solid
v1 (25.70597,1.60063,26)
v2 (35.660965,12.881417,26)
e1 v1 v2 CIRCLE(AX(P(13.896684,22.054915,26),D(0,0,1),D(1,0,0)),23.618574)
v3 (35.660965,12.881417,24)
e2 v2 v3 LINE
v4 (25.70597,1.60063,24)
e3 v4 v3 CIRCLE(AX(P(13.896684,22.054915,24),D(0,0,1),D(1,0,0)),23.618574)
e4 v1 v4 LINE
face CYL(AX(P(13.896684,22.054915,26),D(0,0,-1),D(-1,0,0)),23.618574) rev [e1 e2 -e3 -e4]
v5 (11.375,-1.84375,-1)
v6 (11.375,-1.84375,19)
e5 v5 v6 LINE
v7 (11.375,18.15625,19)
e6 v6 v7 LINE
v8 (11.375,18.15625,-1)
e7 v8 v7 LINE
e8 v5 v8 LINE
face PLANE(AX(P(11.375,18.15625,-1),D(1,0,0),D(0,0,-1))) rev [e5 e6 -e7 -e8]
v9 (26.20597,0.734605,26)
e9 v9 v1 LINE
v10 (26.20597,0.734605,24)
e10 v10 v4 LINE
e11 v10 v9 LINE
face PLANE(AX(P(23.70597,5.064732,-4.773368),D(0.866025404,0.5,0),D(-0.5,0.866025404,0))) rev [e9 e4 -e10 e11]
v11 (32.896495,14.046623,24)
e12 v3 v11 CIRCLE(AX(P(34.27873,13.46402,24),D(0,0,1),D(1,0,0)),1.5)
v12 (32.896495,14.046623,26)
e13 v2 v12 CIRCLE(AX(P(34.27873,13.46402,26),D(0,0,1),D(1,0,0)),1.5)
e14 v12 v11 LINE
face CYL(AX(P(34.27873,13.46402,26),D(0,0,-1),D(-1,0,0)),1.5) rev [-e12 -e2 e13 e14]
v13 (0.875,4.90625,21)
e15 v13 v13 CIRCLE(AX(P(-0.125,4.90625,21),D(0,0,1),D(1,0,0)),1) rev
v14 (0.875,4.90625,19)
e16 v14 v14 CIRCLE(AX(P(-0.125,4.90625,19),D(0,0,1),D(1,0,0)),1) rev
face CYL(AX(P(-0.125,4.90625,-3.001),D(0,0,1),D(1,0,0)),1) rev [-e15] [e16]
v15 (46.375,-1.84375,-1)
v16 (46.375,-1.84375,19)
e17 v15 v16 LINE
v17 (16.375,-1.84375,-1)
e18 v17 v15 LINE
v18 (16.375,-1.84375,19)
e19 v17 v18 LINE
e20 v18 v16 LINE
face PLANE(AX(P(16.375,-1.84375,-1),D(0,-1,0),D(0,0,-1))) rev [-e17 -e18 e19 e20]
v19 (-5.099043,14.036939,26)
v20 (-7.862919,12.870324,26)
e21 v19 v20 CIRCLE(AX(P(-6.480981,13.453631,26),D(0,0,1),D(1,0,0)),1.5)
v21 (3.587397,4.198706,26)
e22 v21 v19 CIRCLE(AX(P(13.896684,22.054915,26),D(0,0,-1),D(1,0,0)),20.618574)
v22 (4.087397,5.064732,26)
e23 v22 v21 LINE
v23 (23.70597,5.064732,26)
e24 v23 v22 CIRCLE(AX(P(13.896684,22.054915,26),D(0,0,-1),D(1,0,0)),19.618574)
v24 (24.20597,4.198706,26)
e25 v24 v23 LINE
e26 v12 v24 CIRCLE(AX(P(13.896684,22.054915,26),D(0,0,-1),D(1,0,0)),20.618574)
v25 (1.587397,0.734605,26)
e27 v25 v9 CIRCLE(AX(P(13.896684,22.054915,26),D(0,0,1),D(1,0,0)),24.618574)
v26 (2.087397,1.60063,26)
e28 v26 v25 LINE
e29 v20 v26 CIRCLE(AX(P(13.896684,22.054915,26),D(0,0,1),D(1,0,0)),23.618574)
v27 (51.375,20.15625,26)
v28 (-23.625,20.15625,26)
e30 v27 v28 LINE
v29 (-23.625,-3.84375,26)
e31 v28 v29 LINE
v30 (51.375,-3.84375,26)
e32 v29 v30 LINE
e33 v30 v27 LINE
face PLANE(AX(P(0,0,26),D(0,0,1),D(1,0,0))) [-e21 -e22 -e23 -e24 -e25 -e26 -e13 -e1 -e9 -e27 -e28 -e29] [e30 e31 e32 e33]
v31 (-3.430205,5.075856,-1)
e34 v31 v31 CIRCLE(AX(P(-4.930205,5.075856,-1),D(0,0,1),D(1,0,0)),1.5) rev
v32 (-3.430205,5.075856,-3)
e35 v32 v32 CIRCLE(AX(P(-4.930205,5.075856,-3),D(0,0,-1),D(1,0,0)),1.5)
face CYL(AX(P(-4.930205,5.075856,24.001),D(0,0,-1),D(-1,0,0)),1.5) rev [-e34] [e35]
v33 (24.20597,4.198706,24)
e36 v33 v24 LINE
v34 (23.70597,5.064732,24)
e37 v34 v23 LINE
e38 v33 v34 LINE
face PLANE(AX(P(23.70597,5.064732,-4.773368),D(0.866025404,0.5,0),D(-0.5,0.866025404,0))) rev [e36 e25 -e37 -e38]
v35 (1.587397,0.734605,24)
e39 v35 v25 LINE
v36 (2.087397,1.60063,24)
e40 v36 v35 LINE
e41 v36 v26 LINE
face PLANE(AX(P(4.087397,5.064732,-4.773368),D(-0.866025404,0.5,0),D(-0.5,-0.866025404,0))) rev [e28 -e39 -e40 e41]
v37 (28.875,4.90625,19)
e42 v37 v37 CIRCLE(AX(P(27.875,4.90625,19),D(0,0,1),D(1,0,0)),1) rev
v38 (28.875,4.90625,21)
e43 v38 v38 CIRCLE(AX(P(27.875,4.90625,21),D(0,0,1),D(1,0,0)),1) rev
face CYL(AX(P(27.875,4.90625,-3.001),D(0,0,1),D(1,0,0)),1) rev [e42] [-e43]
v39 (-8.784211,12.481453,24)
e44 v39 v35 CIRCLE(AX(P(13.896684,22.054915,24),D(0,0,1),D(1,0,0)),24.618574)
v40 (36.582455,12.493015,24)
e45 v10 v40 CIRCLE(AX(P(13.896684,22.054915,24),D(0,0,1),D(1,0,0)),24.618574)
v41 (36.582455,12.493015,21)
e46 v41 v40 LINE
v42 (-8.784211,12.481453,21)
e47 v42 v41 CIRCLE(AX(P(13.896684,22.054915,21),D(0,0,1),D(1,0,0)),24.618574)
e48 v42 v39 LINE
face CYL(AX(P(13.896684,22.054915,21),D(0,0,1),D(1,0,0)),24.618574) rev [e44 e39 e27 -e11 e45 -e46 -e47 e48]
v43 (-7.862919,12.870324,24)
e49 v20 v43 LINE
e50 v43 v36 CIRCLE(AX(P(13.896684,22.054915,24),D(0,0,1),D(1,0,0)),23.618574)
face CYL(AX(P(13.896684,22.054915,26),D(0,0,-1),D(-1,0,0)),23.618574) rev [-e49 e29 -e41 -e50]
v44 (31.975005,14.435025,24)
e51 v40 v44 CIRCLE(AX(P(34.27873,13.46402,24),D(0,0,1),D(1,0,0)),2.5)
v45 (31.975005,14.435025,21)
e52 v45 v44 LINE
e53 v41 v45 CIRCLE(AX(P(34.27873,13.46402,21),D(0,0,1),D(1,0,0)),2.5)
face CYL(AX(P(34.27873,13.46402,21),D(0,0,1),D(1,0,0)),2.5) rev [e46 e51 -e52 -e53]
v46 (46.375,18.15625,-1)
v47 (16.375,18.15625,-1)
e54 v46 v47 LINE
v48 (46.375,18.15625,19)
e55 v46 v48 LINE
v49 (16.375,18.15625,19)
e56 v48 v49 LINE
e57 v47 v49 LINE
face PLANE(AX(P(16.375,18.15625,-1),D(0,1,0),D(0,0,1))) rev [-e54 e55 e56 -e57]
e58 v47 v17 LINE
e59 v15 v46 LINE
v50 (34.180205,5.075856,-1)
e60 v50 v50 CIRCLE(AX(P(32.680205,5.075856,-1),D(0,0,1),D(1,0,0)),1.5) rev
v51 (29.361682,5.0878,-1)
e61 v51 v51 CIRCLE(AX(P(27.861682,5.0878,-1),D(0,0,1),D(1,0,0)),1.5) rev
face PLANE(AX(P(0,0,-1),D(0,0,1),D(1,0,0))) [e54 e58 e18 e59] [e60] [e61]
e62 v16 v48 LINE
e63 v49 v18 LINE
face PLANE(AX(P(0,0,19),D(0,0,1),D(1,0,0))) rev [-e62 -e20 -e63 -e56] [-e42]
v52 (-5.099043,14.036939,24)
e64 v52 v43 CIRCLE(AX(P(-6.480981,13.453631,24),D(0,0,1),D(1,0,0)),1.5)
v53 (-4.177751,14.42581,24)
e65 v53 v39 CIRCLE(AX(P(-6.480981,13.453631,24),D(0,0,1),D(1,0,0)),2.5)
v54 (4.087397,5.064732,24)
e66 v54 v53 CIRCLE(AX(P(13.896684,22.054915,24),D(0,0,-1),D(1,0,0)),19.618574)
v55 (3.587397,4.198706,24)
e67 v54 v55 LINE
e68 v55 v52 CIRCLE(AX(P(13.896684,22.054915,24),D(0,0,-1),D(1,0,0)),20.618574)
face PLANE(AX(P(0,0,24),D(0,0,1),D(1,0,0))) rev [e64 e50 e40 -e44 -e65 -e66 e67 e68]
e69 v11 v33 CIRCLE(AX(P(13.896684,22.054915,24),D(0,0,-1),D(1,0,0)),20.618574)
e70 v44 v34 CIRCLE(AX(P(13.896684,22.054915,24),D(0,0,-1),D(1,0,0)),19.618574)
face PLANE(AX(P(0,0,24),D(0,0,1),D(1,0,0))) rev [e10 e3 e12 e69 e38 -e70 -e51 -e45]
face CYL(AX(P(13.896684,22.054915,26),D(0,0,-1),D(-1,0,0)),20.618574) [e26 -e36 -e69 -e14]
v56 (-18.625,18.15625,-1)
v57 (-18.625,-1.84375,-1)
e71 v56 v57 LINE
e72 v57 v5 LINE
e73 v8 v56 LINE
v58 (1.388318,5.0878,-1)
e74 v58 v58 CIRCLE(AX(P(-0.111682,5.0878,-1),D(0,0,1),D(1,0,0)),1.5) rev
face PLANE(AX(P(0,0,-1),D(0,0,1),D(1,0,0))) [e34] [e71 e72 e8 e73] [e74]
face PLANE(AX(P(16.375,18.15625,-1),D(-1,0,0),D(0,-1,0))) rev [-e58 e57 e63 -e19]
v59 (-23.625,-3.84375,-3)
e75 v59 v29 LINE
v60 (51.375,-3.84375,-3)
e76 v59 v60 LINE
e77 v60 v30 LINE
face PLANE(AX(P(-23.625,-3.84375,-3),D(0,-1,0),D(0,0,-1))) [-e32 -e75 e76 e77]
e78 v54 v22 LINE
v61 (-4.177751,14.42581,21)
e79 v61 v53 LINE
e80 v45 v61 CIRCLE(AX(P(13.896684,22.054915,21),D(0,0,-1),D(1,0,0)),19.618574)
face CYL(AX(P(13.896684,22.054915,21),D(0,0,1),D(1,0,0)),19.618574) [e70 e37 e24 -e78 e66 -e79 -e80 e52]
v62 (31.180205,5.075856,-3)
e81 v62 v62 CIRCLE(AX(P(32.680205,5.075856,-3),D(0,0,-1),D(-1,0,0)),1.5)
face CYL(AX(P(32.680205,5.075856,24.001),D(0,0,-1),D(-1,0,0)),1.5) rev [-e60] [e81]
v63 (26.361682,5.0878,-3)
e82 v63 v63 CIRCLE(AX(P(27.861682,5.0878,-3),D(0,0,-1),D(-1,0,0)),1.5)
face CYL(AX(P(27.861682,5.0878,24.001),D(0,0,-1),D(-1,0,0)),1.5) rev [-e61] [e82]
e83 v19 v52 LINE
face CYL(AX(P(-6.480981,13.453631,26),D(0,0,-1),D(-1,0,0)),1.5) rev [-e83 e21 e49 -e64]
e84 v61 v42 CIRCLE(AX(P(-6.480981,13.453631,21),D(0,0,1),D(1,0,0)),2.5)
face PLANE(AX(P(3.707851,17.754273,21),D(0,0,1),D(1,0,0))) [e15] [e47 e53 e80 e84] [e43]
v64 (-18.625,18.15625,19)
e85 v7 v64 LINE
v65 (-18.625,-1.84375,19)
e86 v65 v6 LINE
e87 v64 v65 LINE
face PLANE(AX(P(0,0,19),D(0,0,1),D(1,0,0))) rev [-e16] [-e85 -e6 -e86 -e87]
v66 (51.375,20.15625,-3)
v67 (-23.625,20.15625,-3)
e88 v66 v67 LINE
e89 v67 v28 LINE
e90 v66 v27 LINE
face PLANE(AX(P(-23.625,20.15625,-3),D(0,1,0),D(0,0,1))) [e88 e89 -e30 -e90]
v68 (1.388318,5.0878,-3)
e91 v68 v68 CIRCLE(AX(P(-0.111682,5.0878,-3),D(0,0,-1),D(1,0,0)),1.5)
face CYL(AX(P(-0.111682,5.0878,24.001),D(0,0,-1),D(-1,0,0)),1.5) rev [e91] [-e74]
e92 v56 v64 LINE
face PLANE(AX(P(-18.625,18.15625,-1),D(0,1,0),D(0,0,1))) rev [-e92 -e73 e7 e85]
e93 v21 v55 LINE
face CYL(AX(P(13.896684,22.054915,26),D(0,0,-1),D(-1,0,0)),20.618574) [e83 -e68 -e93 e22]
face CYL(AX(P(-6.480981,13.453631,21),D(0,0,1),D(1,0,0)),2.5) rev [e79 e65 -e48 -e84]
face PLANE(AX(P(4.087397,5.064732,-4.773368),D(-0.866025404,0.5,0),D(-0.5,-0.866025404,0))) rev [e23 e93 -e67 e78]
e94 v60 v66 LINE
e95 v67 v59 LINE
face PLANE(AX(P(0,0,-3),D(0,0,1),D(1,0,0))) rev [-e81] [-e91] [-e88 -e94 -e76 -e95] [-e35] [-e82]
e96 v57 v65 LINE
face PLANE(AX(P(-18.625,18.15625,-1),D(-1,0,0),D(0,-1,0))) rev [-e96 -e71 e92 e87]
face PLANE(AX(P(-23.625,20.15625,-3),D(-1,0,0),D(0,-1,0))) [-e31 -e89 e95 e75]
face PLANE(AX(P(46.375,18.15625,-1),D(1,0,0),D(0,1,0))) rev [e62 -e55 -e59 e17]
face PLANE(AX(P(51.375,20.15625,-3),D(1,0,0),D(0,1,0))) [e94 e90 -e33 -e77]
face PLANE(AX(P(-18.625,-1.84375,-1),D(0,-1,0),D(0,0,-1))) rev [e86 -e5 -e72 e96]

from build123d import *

# Parameters (mm, degrees)
BOSS_EXTRUDE1_DEPTH      = 24
BOSS_EXTRUDE1_DEPTH_BACK = 3
SKETCH1_W                = 75
SKETCH1_H                = 24
CUT_EXTRUDE1_START       = -5
SKETCH2_W                = 30
SKETCH2_H                = 20
CUT_EXTRUDE1_DEPTH       = 20
CUT_EXTRUDE2_DEPTH       = 3
CUT_EXTRUDE3_REACH       = 63.438
SKETCH20_R               = 1
CUT_EXTRUDE4_REACH       = 63.438
SKETCH21_R               = 1.5
SKETCH24_W               = 75
SKETCH24_H               = 24
BOSS_EXTRUDE2_DEPTH      = 2
CUT_EXTRUDE5_DEPTH       = 5


with BuildPart() as part:
    # Sketch1 → Boss-Extrude1 (new, two sides: drawn at the far end of the back side and taken through both)
    with BuildSketch(Plane.XY.offset(-BOSS_EXTRUDE1_DEPTH_BACK)):
        with Locations((13.875, 8.15625)):
            Rectangle(SKETCH1_W, SKETCH1_H)
    extrude(amount=BOSS_EXTRUDE1_DEPTH + BOSS_EXTRUDE1_DEPTH_BACK)

    # Sketch2 → Cut-Extrude1 (cut)
    with BuildSketch(Plane.XY.offset(24).offset(CUT_EXTRUDE1_START)):
        with Locations((-3.625, 8.15625)):
            Rectangle(SKETCH2_W, SKETCH2_H)
        with Locations((31.375, 8.15625)):
            Rectangle(SKETCH2_W, SKETCH2_H)
    extrude(amount=-CUT_EXTRUDE1_DEPTH, mode=Mode.SUBTRACT)

    # Sketch3 → Cut-Extrude2 (cut)
    with BuildSketch(Plane.XY.offset(24)):
        with BuildLine():
            ThreePointArc((-8.784211185, 12.48145261), (13.902958167, -2.563657938), (36.582455444, 12.493015262))
            ThreePointArc((36.582455444, 12.493015262), (35.249734837, 15.767745141), (31.975004957, 14.435024533))
            ThreePointArc((31.975004957, 14.435024533), (13.901683811, 2.436341899), (-4.177751221, 14.425810242))
            ThreePointArc((-4.177751221, 14.425810242), (-7.453160019, 15.756861408), (-8.784211185, 12.48145261))
        make_face()
    extrude(amount=-CUT_EXTRUDE2_DEPTH, mode=Mode.SUBTRACT)

    # Sketch20 → Cut-Extrude3 (cut, up to next)
    with BuildSketch(Plane.XY.offset(24), mode=Mode.PRIVATE) as cut_extrude3_sk1:
        with Locations((27.875, 4.90625)):
            Circle(SKETCH20_R)
    cut_extrude3_tool1 = extrude(cut_extrude3_sk1.sketch, amount=-CUT_EXTRUDE3_REACH, mode=Mode.PRIVATE) & part.part
    # Sketch20 → Cut-Extrude3 (cut, up to next)
    with BuildSketch(Plane.XY.offset(24), mode=Mode.PRIVATE) as cut_extrude3_sk2:
        with Locations((-0.125, 4.90625)):
            Circle(SKETCH20_R)
    cut_extrude3_tool2 = extrude(cut_extrude3_sk2.sketch, amount=-CUT_EXTRUDE3_REACH, mode=Mode.PRIVATE) & part.part
    add(cut_extrude3_tool1.solids().sort_by_distance((27.875, 4.90625, 24))[0], mode=Mode.SUBTRACT)
    add(cut_extrude3_tool2.solids().sort_by_distance((-0.125, 4.90625, 24))[0], mode=Mode.SUBTRACT)

    # Sketch21 → Cut-Extrude4 (cut, up to next)
    with BuildSketch(Plane(origin=(0, 0, -3), x_dir=(-1, 0, 0), z_dir=(0, 0, -1)), mode=Mode.PRIVATE) as cut_extrude4_sk1:
        with Locations((-32.680205402, 5.075855595)):
            Circle(SKETCH21_R)
    cut_extrude4_tool1 = extrude(cut_extrude4_sk1.sketch, amount=-CUT_EXTRUDE4_REACH, mode=Mode.PRIVATE) & part.part
    # Sketch21 → Cut-Extrude4 (cut, up to next)
    with BuildSketch(Plane(origin=(0, 0, -3), x_dir=(-1, 0, 0), z_dir=(0, 0, -1)), mode=Mode.PRIVATE) as cut_extrude4_sk2:
        with Locations((-27.861682335, 5.087799818)):
            Circle(SKETCH21_R)
    cut_extrude4_tool2 = extrude(cut_extrude4_sk2.sketch, amount=-CUT_EXTRUDE4_REACH, mode=Mode.PRIVATE) & part.part
    # Sketch21 → Cut-Extrude4 (cut, up to next)
    with BuildSketch(Plane(origin=(0, 0, -3), x_dir=(-1, 0, 0), z_dir=(0, 0, -1)), mode=Mode.PRIVATE) as cut_extrude4_sk3:
        with Locations(Location((0.111682335, 5.087799818, 0), (0, 0, 180))):
            Circle(SKETCH21_R)
    cut_extrude4_tool3 = extrude(cut_extrude4_sk3.sketch, amount=-CUT_EXTRUDE4_REACH, mode=Mode.PRIVATE) & part.part
    # Sketch21 → Cut-Extrude4 (cut, up to next)
    with BuildSketch(Plane(origin=(0, 0, -3), x_dir=(-1, 0, 0), z_dir=(0, 0, -1)), mode=Mode.PRIVATE) as cut_extrude4_sk4:
        with Locations(Location((4.930205402, 5.075855595, 0), (0, 0, 180))):
            Circle(SKETCH21_R)
    cut_extrude4_tool4 = extrude(cut_extrude4_sk4.sketch, amount=-CUT_EXTRUDE4_REACH, mode=Mode.PRIVATE) & part.part
    add(cut_extrude4_tool1.solids().sort_by_distance((32.680205, 5.075856, -3))[0], mode=Mode.SUBTRACT)
    add(cut_extrude4_tool2.solids().sort_by_distance((27.861682, 5.0878, -3))[0], mode=Mode.SUBTRACT)
    add(cut_extrude4_tool3.solids().sort_by_distance((-0.111682, 5.0878, -3))[0], mode=Mode.SUBTRACT)
    add(cut_extrude4_tool4.solids().sort_by_distance((-4.930205, 5.075856, -3))[0], mode=Mode.SUBTRACT)

    # Sketch24 → Boss-Extrude2 (add)
    with BuildSketch(Plane.XY.offset(24)):
        with Locations((13.875, 8.15625)):
            Rectangle(SKETCH24_W, SKETCH24_H)
        with BuildLine():
            ThreePointArc((-7.862919192, 12.870324137), (13.902703295, -1.563657971), (35.660965347, 12.881417116))
            ThreePointArc((35.660965347, 12.881417116), (34.861332982, 14.846255044), (32.896495055, 14.046622679))
            ThreePointArc((32.896495055, 14.046622679), (13.901938682, 1.436341932), (-5.099043214, 14.036938715))
            ThreePointArc((-5.099043214, 14.036938715), (-7.064288492, 14.835569415), (-7.862919192, 12.870324137))
        make_face(mode=Mode.SUBTRACT)
    extrude(amount=BOSS_EXTRUDE2_DEPTH)

    # Sketch26 → Cut-Extrude5 (cut)
    with BuildSketch(Plane.XY.offset(26)):
        with BuildLine():
            Line((23.705970435, 5.064731747), (26.205970435, 0.734604728))
            ThreePointArc((26.205970435, 0.734604728), (13.896683604, -2.563658738), (1.587396774, 0.734604728))
            Line((1.587396774, 0.734604728), (4.087396774, 5.064731747))
            ThreePointArc((4.087396774, 5.064731747), (13.896683604, 2.436341262), (23.705970435, 5.064731747))
        make_face()
    extrude(amount=-CUT_EXTRUDE5_DEPTH, mode=Mode.SUBTRACT)


solid = part.part
